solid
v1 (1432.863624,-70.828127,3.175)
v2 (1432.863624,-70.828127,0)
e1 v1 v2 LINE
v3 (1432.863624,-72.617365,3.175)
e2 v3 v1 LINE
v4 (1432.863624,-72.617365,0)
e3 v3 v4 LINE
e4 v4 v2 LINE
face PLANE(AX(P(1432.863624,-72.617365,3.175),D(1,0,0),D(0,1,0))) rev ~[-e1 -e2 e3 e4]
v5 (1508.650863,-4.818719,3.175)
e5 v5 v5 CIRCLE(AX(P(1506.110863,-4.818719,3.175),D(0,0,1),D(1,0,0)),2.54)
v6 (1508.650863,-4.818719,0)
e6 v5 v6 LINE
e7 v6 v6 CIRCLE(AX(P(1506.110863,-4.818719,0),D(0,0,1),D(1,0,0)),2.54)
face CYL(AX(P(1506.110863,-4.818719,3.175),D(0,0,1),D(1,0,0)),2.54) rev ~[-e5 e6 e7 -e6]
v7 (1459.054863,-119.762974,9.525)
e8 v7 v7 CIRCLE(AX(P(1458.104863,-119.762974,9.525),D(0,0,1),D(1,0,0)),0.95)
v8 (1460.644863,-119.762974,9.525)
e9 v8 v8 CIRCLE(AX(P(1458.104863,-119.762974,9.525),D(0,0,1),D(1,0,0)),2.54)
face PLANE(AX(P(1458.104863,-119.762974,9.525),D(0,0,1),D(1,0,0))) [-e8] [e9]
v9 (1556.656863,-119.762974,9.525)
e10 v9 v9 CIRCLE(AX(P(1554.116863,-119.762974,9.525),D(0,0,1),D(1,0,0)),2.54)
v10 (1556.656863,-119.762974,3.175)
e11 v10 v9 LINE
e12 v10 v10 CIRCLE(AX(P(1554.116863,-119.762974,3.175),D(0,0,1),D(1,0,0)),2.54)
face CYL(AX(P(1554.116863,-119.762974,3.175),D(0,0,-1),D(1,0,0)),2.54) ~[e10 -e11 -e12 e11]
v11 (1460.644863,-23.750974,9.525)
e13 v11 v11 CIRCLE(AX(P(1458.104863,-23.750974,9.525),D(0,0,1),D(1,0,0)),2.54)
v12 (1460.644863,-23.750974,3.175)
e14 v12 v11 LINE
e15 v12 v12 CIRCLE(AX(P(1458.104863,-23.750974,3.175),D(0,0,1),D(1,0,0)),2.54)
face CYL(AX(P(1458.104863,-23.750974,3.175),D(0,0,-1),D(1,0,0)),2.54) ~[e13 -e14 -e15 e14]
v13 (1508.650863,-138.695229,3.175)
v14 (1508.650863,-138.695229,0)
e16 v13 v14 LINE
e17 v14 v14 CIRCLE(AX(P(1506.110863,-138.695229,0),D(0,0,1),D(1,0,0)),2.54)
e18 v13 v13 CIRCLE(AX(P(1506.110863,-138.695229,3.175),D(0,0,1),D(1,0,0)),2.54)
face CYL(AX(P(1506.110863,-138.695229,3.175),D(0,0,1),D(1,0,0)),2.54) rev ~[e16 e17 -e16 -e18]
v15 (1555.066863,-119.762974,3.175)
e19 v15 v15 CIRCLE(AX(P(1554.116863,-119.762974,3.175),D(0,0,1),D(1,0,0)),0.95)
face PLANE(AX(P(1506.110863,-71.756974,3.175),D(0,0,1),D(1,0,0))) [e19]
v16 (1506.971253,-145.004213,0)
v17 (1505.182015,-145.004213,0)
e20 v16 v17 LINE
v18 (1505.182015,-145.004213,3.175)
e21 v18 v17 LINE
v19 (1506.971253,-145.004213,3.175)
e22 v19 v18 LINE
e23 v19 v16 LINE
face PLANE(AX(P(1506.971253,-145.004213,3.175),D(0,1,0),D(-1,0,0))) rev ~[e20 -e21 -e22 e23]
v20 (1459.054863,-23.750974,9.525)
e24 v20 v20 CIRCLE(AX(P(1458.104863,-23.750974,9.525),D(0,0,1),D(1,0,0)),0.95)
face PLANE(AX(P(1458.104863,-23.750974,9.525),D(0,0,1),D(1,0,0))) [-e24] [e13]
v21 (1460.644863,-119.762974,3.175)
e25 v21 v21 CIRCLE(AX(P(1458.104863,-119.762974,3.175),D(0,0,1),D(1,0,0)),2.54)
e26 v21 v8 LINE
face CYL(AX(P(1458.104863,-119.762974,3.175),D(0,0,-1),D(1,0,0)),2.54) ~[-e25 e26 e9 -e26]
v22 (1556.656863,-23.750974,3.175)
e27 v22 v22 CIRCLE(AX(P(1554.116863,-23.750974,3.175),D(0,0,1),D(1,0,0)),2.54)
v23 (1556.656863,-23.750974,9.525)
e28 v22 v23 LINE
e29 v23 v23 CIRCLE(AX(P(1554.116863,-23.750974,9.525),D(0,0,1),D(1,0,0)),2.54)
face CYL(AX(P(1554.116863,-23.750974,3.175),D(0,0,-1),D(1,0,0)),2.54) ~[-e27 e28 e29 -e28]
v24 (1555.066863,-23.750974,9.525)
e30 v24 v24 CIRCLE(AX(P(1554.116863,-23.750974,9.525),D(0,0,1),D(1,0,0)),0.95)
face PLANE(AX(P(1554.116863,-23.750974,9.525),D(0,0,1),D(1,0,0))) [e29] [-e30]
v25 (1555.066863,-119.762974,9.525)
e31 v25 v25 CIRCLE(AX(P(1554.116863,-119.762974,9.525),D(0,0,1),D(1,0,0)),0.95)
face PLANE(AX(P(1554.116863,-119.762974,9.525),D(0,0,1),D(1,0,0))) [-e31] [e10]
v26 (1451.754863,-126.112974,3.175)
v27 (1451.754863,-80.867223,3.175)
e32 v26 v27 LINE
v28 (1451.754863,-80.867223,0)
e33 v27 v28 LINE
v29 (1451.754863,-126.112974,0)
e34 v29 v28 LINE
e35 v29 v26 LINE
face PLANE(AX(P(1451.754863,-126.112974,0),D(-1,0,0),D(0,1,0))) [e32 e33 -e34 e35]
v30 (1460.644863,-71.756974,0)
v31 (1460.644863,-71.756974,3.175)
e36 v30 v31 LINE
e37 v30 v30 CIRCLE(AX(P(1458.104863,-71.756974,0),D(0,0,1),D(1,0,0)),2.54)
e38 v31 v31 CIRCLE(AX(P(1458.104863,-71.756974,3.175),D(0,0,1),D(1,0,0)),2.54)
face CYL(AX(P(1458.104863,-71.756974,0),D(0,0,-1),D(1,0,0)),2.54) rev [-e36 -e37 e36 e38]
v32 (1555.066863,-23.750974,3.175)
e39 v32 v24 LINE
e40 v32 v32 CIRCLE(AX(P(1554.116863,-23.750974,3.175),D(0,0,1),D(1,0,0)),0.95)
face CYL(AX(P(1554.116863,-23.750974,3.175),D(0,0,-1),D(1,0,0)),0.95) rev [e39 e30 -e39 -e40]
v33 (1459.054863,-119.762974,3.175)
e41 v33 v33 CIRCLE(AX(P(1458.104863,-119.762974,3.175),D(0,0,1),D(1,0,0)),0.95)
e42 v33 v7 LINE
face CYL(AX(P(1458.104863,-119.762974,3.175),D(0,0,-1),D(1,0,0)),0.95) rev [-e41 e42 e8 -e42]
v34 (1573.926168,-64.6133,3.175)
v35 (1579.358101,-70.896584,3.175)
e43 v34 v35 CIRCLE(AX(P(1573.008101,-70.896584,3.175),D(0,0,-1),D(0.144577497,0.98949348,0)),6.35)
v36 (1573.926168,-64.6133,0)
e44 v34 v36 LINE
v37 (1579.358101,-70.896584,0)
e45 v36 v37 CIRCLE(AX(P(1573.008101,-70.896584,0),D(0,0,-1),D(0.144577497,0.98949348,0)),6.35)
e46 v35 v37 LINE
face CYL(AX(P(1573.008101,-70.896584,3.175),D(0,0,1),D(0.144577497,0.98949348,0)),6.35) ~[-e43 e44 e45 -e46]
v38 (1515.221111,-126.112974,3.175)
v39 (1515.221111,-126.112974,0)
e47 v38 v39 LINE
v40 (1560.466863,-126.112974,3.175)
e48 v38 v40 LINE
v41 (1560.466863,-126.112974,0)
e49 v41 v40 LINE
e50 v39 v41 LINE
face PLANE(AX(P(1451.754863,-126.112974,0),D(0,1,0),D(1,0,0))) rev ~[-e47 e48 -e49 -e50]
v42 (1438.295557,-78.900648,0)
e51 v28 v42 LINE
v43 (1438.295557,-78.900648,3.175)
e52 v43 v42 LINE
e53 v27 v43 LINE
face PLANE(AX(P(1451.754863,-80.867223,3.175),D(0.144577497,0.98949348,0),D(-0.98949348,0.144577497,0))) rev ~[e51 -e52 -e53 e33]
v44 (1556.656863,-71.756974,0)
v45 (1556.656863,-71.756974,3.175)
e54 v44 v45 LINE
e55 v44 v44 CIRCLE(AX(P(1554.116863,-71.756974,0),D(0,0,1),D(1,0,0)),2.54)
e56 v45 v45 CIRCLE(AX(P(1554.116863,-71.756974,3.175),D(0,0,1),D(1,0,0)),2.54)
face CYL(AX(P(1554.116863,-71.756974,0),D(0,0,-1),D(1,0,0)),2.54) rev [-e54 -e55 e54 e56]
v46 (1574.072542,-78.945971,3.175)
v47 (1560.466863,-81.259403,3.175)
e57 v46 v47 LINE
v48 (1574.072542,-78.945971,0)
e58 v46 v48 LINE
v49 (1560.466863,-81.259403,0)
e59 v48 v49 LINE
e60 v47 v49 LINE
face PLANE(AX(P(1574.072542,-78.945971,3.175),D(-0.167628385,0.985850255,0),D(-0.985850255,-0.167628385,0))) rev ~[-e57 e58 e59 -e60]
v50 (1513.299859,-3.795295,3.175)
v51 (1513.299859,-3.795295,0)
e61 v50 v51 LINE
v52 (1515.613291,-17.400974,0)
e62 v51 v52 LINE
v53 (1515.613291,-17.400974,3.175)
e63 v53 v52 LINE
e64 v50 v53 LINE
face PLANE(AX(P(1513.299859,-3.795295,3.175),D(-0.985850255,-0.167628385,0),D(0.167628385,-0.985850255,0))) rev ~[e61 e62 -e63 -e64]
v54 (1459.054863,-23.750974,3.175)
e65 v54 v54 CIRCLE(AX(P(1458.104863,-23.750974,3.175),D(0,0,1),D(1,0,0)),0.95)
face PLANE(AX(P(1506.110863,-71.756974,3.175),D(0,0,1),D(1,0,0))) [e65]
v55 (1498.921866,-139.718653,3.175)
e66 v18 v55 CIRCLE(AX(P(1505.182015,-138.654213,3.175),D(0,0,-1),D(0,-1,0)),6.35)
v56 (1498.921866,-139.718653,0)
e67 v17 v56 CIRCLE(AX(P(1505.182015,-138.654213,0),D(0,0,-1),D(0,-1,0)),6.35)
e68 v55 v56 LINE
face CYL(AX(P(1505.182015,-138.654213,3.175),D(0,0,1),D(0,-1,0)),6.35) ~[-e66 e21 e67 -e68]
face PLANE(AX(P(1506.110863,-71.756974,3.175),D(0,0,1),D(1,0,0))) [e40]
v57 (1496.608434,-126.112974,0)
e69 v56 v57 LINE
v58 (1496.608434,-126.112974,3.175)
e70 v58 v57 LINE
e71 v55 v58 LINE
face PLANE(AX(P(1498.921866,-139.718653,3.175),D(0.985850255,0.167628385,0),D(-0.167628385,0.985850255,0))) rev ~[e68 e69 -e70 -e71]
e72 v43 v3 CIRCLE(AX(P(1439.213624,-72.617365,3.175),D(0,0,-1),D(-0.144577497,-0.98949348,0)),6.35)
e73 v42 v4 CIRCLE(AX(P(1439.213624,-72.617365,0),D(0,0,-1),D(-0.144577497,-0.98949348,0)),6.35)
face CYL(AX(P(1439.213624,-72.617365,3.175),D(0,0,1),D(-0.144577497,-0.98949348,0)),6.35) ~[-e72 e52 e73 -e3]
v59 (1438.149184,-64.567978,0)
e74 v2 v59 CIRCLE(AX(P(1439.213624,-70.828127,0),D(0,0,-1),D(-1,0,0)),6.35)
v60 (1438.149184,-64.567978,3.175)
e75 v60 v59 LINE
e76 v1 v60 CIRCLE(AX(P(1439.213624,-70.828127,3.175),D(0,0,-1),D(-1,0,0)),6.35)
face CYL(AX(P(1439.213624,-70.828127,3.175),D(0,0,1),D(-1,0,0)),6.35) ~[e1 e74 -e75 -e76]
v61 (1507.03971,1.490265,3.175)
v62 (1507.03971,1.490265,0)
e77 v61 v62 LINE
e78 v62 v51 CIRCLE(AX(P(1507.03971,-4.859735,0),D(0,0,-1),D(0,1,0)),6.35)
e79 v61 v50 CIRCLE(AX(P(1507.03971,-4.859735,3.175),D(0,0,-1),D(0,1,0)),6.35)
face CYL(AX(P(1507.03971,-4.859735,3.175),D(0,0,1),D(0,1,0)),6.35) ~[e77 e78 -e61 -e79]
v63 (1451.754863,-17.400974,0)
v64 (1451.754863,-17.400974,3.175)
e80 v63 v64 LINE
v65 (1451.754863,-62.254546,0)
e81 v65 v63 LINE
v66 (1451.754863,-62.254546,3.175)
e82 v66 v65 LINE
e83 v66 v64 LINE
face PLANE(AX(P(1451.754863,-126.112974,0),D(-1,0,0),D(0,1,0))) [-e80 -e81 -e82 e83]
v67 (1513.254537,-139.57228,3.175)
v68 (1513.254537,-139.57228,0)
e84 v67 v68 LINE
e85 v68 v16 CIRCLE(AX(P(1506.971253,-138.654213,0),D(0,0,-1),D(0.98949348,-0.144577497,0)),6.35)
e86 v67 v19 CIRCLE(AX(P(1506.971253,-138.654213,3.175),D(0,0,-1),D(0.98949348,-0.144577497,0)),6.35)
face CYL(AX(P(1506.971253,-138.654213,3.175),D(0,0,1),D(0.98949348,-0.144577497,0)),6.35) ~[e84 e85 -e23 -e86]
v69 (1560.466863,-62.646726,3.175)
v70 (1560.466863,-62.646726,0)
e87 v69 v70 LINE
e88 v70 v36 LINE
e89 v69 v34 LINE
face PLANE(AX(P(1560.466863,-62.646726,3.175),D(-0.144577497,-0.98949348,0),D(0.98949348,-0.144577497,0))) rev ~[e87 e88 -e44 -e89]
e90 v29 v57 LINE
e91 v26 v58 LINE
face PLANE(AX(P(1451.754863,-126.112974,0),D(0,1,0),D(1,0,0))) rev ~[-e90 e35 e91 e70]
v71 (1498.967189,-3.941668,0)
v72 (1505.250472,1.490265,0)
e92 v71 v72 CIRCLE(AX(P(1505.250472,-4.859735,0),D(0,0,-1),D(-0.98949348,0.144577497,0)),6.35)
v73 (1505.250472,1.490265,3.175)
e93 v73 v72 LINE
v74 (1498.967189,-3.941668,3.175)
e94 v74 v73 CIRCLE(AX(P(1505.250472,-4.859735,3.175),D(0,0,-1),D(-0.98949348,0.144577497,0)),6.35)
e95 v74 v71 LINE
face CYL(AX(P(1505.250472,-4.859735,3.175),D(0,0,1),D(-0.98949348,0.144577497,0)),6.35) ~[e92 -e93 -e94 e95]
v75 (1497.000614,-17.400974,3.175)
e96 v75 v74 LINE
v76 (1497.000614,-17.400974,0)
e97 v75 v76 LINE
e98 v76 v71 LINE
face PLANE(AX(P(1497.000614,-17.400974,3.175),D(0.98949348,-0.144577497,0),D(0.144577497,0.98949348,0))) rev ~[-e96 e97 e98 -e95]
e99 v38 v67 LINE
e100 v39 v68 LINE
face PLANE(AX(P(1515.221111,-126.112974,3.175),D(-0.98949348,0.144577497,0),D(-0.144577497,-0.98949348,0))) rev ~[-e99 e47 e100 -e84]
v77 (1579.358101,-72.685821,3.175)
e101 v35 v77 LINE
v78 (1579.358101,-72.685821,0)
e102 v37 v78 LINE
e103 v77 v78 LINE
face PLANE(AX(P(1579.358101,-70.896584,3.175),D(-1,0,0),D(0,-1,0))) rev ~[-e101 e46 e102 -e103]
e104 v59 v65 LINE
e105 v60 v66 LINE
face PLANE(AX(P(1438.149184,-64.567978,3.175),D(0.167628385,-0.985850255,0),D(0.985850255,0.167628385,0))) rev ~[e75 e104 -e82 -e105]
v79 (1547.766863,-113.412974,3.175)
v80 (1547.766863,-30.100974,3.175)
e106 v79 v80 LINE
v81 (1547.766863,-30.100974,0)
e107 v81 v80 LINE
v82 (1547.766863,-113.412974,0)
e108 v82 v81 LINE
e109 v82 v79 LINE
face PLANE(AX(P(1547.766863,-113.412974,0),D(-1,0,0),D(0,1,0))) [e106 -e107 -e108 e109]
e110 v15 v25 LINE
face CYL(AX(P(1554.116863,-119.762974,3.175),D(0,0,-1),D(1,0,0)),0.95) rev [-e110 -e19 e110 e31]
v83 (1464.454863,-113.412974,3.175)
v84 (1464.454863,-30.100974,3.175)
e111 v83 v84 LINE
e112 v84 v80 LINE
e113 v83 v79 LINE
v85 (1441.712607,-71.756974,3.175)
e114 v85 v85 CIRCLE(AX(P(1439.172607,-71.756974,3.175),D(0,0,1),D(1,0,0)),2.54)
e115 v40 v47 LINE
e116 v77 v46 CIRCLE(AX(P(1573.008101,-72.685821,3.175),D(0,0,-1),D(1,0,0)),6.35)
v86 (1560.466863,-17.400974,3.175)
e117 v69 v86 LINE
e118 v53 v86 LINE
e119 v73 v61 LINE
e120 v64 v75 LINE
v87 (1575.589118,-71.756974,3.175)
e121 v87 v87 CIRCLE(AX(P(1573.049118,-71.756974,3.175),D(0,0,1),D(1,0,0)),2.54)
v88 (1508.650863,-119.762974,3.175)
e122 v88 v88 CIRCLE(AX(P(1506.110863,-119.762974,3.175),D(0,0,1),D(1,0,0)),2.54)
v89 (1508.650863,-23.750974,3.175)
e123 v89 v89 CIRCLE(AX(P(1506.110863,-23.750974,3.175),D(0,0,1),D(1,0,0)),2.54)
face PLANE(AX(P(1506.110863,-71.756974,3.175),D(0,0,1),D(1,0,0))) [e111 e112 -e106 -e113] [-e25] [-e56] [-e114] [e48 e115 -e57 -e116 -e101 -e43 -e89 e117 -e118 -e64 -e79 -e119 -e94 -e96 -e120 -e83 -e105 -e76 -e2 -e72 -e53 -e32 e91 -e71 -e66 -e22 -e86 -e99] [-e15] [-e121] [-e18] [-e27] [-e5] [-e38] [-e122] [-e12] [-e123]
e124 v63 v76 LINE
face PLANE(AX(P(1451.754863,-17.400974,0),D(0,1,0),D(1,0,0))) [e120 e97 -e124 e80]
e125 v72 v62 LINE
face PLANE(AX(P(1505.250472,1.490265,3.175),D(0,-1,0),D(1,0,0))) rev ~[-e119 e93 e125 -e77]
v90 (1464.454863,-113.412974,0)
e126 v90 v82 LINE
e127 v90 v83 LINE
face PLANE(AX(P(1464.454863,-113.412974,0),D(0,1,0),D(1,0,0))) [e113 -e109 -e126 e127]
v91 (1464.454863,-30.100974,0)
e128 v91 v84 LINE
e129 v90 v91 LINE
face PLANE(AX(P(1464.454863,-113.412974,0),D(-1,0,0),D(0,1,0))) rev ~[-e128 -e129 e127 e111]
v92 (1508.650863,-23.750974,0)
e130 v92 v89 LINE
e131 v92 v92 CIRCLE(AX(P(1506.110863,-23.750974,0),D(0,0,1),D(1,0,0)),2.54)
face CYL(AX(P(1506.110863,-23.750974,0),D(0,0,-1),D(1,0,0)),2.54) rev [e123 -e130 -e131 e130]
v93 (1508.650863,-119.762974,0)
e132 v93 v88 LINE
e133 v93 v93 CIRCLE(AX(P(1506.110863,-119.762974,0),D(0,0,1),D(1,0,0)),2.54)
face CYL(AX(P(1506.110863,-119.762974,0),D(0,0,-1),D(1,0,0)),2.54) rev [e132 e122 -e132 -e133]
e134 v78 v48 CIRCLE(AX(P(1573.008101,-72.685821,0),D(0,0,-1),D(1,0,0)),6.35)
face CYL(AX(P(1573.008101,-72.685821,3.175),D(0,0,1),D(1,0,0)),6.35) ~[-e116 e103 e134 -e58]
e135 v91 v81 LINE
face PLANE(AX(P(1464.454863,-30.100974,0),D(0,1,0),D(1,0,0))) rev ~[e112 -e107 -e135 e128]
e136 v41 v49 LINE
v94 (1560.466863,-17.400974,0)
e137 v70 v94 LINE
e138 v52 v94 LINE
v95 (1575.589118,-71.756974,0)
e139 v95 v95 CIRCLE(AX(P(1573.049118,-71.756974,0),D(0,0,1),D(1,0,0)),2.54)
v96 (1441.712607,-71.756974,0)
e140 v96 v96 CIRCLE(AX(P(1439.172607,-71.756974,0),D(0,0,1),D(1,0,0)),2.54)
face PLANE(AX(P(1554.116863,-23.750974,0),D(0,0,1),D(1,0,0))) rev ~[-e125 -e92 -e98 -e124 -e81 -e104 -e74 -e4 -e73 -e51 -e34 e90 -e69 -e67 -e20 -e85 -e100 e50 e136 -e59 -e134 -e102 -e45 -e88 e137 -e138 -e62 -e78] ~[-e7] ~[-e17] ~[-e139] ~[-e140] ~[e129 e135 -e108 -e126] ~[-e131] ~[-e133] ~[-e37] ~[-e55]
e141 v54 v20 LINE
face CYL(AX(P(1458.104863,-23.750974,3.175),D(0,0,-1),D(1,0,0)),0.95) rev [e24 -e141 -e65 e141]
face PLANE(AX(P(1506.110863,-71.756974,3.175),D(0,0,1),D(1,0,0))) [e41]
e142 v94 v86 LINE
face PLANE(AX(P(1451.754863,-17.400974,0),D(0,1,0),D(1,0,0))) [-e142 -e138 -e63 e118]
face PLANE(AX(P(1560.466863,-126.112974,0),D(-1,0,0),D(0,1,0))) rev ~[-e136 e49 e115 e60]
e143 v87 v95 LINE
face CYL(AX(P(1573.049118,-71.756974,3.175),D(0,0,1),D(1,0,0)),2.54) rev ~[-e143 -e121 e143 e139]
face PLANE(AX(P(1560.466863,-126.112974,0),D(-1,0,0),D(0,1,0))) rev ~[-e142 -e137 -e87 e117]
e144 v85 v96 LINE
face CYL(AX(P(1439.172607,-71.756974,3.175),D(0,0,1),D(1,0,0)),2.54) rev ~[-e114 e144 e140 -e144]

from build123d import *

# Parameters (mm, degrees)
SKETCH1_W           = 108.712
SKETCH1_H           = 108.712
SKETCH1_R           = 2.54
SKETCH1_R_2         = 3.175
SKETCH1_W_2         = 83.312
SKETCH1_H_2         = 83.312
SKETCH1_R_3         = 0.94996
SKETCH1_R_4         = 0.95
BOSS_EXTRUDE1_DEPTH = 3.175
SKETCH2_R           = 2.54
SKETCH2_R_2         = 0.95
BOSS_EXTRUDE2_DEPTH = 6.35
SKETCH3_R           = 2.54
BOSS_EXTRUDE3_DEPTH = 3.175


with BuildPart() as part:
    # Sketch1 → Boss-Extrude1 (new body)
    # profile 1 of 9: a face of its own
    with BuildSketch(Plane.XY):
        with Locations((1506.110862596, -71.75697427)):
            Rectangle(SKETCH1_W, SKETCH1_H)
        with Locations((1506.110862596, -23.75097427)):
            Circle(SKETCH1_R, mode=Mode.SUBTRACT)
        with Locations((1458.104862596, -23.75097427)):
            Circle(SKETCH1_R_2, mode=Mode.SUBTRACT)
        with Locations((1506.110862596, -119.76297427)):
            Circle(SKETCH1_R, mode=Mode.SUBTRACT)
        with Locations((1554.116862596, -71.75697427)):
            Circle(SKETCH1_R, mode=Mode.SUBTRACT)
        with Locations((1458.104862596, -71.75697427)):
            Circle(SKETCH1_R, mode=Mode.SUBTRACT)
        with Locations((1458.104862596, -119.76297427)):
            Circle(SKETCH1_R, mode=Mode.SUBTRACT)
        with Locations((1554.116862596, -119.76297427)):
            Circle(SKETCH1_R, mode=Mode.SUBTRACT)
        with Locations((1554.116862596, -23.75097427)):
            Circle(SKETCH1_R, mode=Mode.SUBTRACT)
        with Locations((1506.110862596, -71.75697427)):
            Rectangle(SKETCH1_W_2, SKETCH1_H_2, mode=Mode.SUBTRACT)
    # profile 2 of 9: a face of its own
    with BuildSketch(Plane.XY):
        with Locations((1554.116862596, -119.76297427)):
            Circle(SKETCH1_R)
        with Locations((1554.116862596, -119.76297427)):
            Circle(SKETCH1_R_3, mode=Mode.SUBTRACT)
    # profile 3 of 9: a face of its own
    with BuildSketch(Plane.XY):
        with Locations((1554.116862596, -119.76297427)):
            Circle(SKETCH1_R_3)
    # profile 4 of 9: a face of its own
    with BuildSketch(Plane.XY):
        with Locations((1458.104862596, -119.76297427)):
            Circle(SKETCH1_R)
        with Locations((1458.104862596, -119.76297427)):
            Circle(SKETCH1_R_3, mode=Mode.SUBTRACT)
    # profile 5 of 9: a face of its own
    with BuildSketch(Plane.XY):
        with Locations((1458.104862596, -119.76297427)):
            Circle(SKETCH1_R_3)
    # profile 6 of 9: a face of its own
    with BuildSketch(Plane.XY):
        with Locations((1458.104862596, -23.75097427)):
            Circle(SKETCH1_R_2)
        with Locations((1458.104862596, -23.75097427)):
            Circle(SKETCH1_R_4, mode=Mode.SUBTRACT)
    # profile 7 of 9: a face of its own
    with BuildSketch(Plane.XY):
        with Locations((1458.104862596, -23.75097427)):
            Circle(SKETCH1_R_4)
    # profile 8 of 9: a face of its own
    with BuildSketch(Plane.XY):
        with Locations((1554.116862596, -23.75097427)):
            Circle(SKETCH1_R)
        with Locations((1554.116862596, -23.75097427)):
            Circle(SKETCH1_R_3, mode=Mode.SUBTRACT)
    # profile 9 of 9: a face of its own
    with BuildSketch(Plane.XY):
        with Locations((1554.116862596, -23.75097427)):
            Circle(SKETCH1_R_3)
    extrude(amount=BOSS_EXTRUDE1_DEPTH)

    # Sketch2 → Boss-Extrude2 (add)
    # profile 1 of 4: a face of its own
    with BuildSketch(Plane.XY.offset(3.175)):
        with Locations((1554.116862596, -119.76297427)):
            Circle(SKETCH2_R)
        with Locations((1554.116862596, -119.76297427)):
            Circle(SKETCH2_R_2, mode=Mode.SUBTRACT)
    # profile 2 of 4: a face of its own
    with BuildSketch(Plane.XY.offset(3.175)):
        with Locations((1554.116862596, -23.75097427)):
            Circle(SKETCH2_R)
        with Locations((1554.116862596, -23.75097427)):
            Circle(SKETCH2_R_2, mode=Mode.SUBTRACT)
    # profile 3 of 4: a face of its own
    with BuildSketch(Plane.XY.offset(3.175)):
        with Locations((1458.104862596, -23.75097427)):
            Circle(SKETCH2_R)
        with Locations((1458.104862596, -23.75097427)):
            Circle(SKETCH2_R_2, mode=Mode.SUBTRACT)
    # profile 4 of 4: a face of its own
    with BuildSketch(Plane.XY.offset(3.175)):
        with Locations((1458.104862596, -119.76297427)):
            Circle(SKETCH2_R)
        with Locations((1458.104862596, -119.76297427)):
            Circle(SKETCH2_R_2, mode=Mode.SUBTRACT)
    extrude(amount=BOSS_EXTRUDE2_DEPTH)

    # Sketch3 → Boss-Extrude3 (add)
    # profile 1 of 4: a face of its own
    with BuildSketch(Plane.XY.offset(3.175)):
        with BuildLine():
            Line((1513.299858853, -3.795295248), (1515.613291339, -17.40097427))
            Line((1515.613291339, -17.40097427), (1497.000613972, -17.40097427))
            Line((1497.000613972, -17.40097427), (1498.967188582, -3.941668388))
            ThreePointArc((1498.967188582, -3.941668388), (1501.097595235, -0.05597519), (1505.250472182, 1.490264506))
            Line((1505.250472182, 1.490264506), (1506.110862596, 1.490264506))
            Line((1506.110862596, 1.490264506), (1507.039709736, 1.490264506))
            ThreePointArc((1507.039709736, 1.490264506), (1511.136251231, -0.007844339), (1513.299858853, -3.795295248))
        make_face()
        with Locations((1506.110862596, -4.818719074)):
            Circle(SKETCH3_R, mode=Mode.SUBTRACT)
    # profile 2 of 4: a face of its own
    with BuildSketch(Plane.XY.offset(3.175)):
        with BuildLine():
            Line((1432.86362382, -71.75697427), (1432.86362382, -70.82812713))
            ThreePointArc((1432.86362382, -70.82812713), (1434.361732665, -66.731585635), (1438.149183574, -64.567978013))
            Line((1438.149183574, -64.567978013), (1451.754862596, -62.254545527))
            Line((1451.754862596, -62.254545527), (1451.754862596, -80.867222895))
            Line((1451.754862596, -80.867222895), (1438.295556714, -78.900648284))
            ThreePointArc((1438.295556714, -78.900648284), (1434.409863516, -76.770241631), (1432.86362382, -72.617364684))
            Line((1432.86362382, -72.617364684), (1432.86362382, -71.75697427))
        make_face()
        with Locations((1439.1726074, -71.75697427)):
            Circle(SKETCH3_R, mode=Mode.SUBTRACT)
    # profile 3 of 4: a face of its own
    with BuildSketch(Plane.XY.offset(3.175)):
        with BuildLine():
            Line((1574.072541618, -78.945970527), (1560.466862596, -81.259403013))
            Line((1560.466862596, -81.259403013), (1560.466862596, -62.646725646))
            Line((1560.466862596, -62.646725646), (1573.926168478, -64.613300257))
            ThreePointArc((1573.926168478, -64.613300257), (1577.811861676, -66.743706909), (1579.358101372, -70.896583856))
            Line((1579.358101372, -70.896583856), (1579.358101372, -71.75697427))
            Line((1579.358101372, -71.75697427), (1579.358101372, -72.68582141))
            ThreePointArc((1579.358101372, -72.68582141), (1577.859992527, -76.782362905), (1574.072541618, -78.945970527))
        make_face()
        with Locations((1573.049117792, -71.75697427)):
            Circle(SKETCH3_R, mode=Mode.SUBTRACT)
    # profile 4 of 4: a face of its own
    with BuildSketch(Plane.XY.offset(3.175)):
        with BuildLine():
            Line((1498.921866339, -139.718653293), (1496.608433853, -126.11297427))
            Line((1496.608433853, -126.11297427), (1515.22111122, -126.11297427))
            Line((1515.22111122, -126.11297427), (1513.254536609, -139.572280152))
            ThreePointArc((1513.254536609, -139.572280152), (1511.124129957, -143.45797335), (1506.97125301, -145.004213046))
            Line((1506.97125301, -145.004213046), (1506.110862596, -145.004213046))
            Line((1506.110862596, -145.004213046), (1505.182015456, -145.004213046))
            ThreePointArc((1505.182015456, -145.004213046), (1501.085473961, -143.506104201), (1498.921866339, -139.718653293))
        make_face()
        with Locations((1506.110862596, -138.695229466)):
            Circle(SKETCH3_R, mode=Mode.SUBTRACT)
    extrude(amount=-BOSS_EXTRUDE3_DEPTH)


solid = part.part
